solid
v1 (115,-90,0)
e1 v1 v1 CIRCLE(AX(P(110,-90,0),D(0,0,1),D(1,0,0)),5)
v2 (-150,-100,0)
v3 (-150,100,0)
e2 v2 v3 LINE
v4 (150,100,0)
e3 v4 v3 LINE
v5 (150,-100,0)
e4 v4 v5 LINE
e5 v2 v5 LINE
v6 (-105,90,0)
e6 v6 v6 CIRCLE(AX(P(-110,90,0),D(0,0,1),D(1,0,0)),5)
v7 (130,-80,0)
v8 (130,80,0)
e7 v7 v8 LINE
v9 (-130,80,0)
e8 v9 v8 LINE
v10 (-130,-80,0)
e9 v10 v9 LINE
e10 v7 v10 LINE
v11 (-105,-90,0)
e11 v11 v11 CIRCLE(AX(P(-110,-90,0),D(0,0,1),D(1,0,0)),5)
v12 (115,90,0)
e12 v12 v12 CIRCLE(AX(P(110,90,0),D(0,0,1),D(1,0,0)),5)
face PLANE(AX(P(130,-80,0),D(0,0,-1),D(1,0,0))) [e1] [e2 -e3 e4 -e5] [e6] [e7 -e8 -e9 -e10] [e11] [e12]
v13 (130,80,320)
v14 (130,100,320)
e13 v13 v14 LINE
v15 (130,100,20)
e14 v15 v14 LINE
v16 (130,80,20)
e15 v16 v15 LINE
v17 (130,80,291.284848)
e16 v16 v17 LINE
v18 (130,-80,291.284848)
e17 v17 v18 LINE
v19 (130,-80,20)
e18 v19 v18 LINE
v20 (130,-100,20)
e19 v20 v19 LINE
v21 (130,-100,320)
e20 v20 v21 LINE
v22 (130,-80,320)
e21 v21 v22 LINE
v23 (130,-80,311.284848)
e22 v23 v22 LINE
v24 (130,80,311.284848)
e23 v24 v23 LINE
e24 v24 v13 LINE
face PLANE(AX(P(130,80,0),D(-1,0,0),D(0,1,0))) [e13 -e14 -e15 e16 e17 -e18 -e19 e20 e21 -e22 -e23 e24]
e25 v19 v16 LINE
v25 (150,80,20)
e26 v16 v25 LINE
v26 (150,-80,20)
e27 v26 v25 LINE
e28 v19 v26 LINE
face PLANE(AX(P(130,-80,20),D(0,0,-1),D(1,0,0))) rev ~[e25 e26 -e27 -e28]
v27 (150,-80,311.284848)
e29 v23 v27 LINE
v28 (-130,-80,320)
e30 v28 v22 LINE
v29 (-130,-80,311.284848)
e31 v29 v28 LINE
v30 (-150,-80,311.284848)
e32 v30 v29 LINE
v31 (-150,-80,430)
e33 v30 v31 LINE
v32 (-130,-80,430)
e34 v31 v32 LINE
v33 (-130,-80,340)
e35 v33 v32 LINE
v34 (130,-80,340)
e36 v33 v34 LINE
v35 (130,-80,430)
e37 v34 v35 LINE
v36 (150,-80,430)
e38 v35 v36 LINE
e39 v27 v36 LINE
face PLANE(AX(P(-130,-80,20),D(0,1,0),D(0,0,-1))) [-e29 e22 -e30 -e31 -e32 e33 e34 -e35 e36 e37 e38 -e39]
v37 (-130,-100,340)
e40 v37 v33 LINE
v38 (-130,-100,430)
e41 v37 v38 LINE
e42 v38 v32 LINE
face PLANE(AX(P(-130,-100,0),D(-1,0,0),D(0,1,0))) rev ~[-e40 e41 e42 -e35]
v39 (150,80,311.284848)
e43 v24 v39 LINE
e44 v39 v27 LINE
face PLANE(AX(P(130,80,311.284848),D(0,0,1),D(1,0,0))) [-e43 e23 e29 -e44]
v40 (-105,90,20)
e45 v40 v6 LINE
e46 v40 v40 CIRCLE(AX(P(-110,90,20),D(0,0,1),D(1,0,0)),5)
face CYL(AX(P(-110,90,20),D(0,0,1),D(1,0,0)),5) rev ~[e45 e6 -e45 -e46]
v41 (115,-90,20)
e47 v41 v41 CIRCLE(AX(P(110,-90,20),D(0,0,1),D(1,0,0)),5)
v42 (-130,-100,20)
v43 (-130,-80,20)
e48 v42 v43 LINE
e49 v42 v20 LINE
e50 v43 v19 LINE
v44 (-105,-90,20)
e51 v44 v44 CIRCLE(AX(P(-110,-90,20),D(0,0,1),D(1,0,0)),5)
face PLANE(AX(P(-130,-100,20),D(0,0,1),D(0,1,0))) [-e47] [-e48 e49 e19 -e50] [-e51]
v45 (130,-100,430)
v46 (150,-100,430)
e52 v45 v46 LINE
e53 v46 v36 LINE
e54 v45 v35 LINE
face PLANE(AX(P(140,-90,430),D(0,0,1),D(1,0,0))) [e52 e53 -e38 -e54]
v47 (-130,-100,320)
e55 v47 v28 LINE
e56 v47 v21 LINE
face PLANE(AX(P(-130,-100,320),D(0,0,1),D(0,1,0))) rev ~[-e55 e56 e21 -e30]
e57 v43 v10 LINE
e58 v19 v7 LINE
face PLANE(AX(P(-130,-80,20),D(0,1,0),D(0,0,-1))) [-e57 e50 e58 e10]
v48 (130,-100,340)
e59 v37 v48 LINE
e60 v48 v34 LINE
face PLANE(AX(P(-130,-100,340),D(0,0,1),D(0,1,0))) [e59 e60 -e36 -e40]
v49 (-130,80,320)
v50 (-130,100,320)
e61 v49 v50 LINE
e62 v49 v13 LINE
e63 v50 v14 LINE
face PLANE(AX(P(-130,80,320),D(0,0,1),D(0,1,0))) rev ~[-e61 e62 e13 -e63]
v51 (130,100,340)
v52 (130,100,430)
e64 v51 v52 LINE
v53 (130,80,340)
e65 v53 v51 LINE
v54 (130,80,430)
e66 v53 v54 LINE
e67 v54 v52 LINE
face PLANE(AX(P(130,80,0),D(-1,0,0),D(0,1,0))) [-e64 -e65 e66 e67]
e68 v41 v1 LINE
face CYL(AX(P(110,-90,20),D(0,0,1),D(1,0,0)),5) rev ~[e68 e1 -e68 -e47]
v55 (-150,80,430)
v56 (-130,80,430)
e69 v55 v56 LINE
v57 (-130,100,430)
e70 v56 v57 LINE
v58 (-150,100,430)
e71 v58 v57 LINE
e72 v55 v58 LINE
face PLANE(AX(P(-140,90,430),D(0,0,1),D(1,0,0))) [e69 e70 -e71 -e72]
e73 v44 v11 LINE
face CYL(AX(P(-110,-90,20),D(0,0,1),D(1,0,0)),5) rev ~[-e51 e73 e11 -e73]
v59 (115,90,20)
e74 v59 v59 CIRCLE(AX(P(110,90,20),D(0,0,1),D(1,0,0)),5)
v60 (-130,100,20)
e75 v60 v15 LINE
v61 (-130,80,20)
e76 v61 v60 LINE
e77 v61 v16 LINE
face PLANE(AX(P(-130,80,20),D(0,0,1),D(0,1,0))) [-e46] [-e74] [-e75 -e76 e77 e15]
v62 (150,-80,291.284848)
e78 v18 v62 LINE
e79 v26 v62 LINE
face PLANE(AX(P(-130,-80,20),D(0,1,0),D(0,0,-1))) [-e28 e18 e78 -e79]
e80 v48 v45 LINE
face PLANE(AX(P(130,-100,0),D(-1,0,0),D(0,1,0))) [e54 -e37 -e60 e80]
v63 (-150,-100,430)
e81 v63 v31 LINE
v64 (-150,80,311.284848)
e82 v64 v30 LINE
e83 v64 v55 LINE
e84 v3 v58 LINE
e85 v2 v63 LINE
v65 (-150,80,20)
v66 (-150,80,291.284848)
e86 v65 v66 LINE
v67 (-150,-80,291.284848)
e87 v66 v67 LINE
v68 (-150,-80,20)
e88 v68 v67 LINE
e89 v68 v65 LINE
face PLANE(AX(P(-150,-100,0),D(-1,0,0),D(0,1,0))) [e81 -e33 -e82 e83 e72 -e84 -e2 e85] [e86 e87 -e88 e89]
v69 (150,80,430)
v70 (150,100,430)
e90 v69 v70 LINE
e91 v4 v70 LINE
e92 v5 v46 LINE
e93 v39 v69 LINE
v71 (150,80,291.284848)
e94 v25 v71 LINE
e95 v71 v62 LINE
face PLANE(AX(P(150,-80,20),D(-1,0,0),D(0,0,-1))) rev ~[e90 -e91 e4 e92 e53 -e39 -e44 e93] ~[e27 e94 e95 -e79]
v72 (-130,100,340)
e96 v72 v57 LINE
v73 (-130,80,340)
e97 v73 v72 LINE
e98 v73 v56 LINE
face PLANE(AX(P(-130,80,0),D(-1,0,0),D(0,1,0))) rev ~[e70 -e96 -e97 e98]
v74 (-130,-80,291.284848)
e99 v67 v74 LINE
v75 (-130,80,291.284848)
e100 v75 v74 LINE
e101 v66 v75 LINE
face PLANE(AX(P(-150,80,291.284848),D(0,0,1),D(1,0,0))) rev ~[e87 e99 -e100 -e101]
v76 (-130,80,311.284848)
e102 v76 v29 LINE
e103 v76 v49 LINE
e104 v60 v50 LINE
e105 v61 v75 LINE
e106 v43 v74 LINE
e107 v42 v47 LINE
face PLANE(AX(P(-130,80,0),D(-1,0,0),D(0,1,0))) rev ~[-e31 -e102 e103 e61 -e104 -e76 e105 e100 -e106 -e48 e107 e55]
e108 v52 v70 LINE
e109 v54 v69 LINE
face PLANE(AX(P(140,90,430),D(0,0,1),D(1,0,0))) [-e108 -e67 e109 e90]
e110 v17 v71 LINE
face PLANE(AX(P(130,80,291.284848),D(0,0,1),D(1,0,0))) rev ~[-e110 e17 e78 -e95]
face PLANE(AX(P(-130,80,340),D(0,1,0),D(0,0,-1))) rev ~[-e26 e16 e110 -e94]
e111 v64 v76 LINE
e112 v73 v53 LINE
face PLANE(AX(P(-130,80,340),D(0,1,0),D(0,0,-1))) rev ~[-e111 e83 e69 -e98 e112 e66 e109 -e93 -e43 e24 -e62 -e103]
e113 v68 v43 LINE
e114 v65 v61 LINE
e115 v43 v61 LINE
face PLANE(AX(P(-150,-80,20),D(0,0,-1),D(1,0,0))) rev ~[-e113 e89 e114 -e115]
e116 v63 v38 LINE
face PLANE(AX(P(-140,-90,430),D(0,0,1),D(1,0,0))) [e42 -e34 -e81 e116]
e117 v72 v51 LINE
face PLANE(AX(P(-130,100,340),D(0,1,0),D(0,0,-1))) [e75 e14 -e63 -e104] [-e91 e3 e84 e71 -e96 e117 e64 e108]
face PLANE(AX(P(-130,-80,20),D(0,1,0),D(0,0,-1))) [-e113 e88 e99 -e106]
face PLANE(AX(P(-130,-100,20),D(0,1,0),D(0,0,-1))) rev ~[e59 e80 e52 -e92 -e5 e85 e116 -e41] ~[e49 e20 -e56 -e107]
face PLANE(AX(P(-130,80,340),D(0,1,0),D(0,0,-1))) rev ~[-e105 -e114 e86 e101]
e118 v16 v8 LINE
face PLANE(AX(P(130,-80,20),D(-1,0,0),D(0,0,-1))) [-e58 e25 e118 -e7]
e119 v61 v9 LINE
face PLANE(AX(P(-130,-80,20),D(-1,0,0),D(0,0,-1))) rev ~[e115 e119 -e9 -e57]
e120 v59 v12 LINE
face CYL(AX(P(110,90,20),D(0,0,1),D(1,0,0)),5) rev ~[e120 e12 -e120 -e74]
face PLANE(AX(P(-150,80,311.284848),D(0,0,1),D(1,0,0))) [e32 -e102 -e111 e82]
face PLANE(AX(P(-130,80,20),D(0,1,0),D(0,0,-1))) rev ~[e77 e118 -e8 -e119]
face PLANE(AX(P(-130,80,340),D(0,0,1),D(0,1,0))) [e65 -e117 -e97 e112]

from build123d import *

# Parameters (mm, degrees)
SKETCH_1_W          = 20
SKETCH_1_H          = 20
EXTRUDE_1_DEPTH     = 430
EXTRUDE_1_2_DEPTH   = 430
EXTRUDE_1_3_DEPTH   = 430
EXTRUDE_1_4_DEPTH   = 430
SKETCH_2_W          = 20
SKETCH_2_H          = 20
EXTRUDE_2_DEPTH     = 260
SKETCH_3_W          = 20
SKETCH_3_H          = 20
EXTRUDE_3_DEPTH     = 160
SKETCH_5_W          = 20
SKETCH_5_H          = 20
EXTRUDE_4_DEPTH     = 261
SKETCH_6_W          = 20
SKETCH_6_H          = 20
EXTRUDE_6_DEPTH     = 160
SKETCH_7_R          = 5
CUT_EXTRUDE_2_DEPTH = 41


with BuildPart() as part:
    # 草图1 → 凸台-拉伸1 (new body)
    with BuildSketch(Plane.XY):
        with Locations((-140, 90)):
            Rectangle(SKETCH_1_W, SKETCH_1_H)
    extrude(amount=EXTRUDE_1_DEPTH)



with BuildPart() as body_2:
    # 草图1 → Extrude 1 2 (new body)
    with BuildSketch(Plane.XY):
        with Locations((-140, -90)):
            Rectangle(SKETCH_1_W, SKETCH_1_H)
    extrude(amount=EXTRUDE_1_2_DEPTH)


with BuildPart() as body_3:
    # 草图1 → Extrude 1 3 (new body)
    with BuildSketch(Plane.XY):
        with Locations((140, -90)):
            Rectangle(SKETCH_1_W, SKETCH_1_H)
    extrude(amount=EXTRUDE_1_3_DEPTH)


with BuildPart() as body_4:
    # 草图1 → Extrude 1 4 (new body)
    with BuildSketch(Plane.XY):
        with Locations((140, 90)):
            Rectangle(SKETCH_1_W, SKETCH_1_H)
    extrude(amount=EXTRUDE_1_4_DEPTH)


with BuildPart() as part_1:
    add(part.part)

    add(body_2.part)  # 凸台-拉伸2 merges body 2

    add(body_3.part)  # 凸台-拉伸2 merges body 3

    add(body_4.part)  # 凸台-拉伸2 merges body 4
    # 草图2 → 凸台-拉伸2 (add)
    with BuildSketch(Plane(origin=(-130, 0, 0), x_dir=(0, 0, -1), z_dir=(1, 0, 0))):
        with Locations((-10, 90)):
            Rectangle(SKETCH_2_W, SKETCH_2_H)
        with Locations((-10, -90)):
            Rectangle(SKETCH_2_W, SKETCH_2_H)
    extrude(amount=EXTRUDE_2_DEPTH)

    # 草图3 → 凸台-拉伸3 (add)
    with BuildSketch(Plane(origin=(0, -80, 0), x_dir=(1, 0, 0), z_dir=(0, 1, 0))):
        with Locations((140, -10)):
            Rectangle(SKETCH_3_W, SKETCH_3_H)
        with Locations((-140, -10)):
            Rectangle(SKETCH_3_W, SKETCH_3_H)
    extrude(amount=EXTRUDE_3_DEPTH)

    # 草图5 → 凸台-拉伸4 (add)
    with BuildSketch(Plane(origin=(-130, 0, 0), x_dir=(0, 0, -1), z_dir=(1, 0, 0))):
        with Locations((-330, 90)):
            Rectangle(SKETCH_5_W, SKETCH_5_H)
        with Locations((-330, -90)):
            Rectangle(SKETCH_5_W, SKETCH_5_H)
    extrude(amount=EXTRUDE_4_DEPTH)

    # 草图6 → 凸台-拉伸6 (add)
    with BuildSketch(Plane.XZ.offset(-80)):
        with Locations((140, 301.284847627)):
            Rectangle(SKETCH_6_W, SKETCH_6_H)
        with Locations((-140, 301.284847627)):
            Rectangle(SKETCH_6_W, SKETCH_6_H)
    extrude(amount=EXTRUDE_6_DEPTH)

    # 草图7 → 切除-拉伸2 (cut)
    with BuildSketch(Plane.XY.offset(20)):
        with Locations((110, 90)):
            Circle(SKETCH_7_R)
        with Locations((110, -90)):
            Circle(SKETCH_7_R)
        with Locations((-110, -90)):
            Circle(SKETCH_7_R)
        with Locations((-110, 90)):
            Circle(SKETCH_7_R)
    extrude(amount=-CUT_EXTRUDE_2_DEPTH, mode=Mode.SUBTRACT)


solid = part_1.part
